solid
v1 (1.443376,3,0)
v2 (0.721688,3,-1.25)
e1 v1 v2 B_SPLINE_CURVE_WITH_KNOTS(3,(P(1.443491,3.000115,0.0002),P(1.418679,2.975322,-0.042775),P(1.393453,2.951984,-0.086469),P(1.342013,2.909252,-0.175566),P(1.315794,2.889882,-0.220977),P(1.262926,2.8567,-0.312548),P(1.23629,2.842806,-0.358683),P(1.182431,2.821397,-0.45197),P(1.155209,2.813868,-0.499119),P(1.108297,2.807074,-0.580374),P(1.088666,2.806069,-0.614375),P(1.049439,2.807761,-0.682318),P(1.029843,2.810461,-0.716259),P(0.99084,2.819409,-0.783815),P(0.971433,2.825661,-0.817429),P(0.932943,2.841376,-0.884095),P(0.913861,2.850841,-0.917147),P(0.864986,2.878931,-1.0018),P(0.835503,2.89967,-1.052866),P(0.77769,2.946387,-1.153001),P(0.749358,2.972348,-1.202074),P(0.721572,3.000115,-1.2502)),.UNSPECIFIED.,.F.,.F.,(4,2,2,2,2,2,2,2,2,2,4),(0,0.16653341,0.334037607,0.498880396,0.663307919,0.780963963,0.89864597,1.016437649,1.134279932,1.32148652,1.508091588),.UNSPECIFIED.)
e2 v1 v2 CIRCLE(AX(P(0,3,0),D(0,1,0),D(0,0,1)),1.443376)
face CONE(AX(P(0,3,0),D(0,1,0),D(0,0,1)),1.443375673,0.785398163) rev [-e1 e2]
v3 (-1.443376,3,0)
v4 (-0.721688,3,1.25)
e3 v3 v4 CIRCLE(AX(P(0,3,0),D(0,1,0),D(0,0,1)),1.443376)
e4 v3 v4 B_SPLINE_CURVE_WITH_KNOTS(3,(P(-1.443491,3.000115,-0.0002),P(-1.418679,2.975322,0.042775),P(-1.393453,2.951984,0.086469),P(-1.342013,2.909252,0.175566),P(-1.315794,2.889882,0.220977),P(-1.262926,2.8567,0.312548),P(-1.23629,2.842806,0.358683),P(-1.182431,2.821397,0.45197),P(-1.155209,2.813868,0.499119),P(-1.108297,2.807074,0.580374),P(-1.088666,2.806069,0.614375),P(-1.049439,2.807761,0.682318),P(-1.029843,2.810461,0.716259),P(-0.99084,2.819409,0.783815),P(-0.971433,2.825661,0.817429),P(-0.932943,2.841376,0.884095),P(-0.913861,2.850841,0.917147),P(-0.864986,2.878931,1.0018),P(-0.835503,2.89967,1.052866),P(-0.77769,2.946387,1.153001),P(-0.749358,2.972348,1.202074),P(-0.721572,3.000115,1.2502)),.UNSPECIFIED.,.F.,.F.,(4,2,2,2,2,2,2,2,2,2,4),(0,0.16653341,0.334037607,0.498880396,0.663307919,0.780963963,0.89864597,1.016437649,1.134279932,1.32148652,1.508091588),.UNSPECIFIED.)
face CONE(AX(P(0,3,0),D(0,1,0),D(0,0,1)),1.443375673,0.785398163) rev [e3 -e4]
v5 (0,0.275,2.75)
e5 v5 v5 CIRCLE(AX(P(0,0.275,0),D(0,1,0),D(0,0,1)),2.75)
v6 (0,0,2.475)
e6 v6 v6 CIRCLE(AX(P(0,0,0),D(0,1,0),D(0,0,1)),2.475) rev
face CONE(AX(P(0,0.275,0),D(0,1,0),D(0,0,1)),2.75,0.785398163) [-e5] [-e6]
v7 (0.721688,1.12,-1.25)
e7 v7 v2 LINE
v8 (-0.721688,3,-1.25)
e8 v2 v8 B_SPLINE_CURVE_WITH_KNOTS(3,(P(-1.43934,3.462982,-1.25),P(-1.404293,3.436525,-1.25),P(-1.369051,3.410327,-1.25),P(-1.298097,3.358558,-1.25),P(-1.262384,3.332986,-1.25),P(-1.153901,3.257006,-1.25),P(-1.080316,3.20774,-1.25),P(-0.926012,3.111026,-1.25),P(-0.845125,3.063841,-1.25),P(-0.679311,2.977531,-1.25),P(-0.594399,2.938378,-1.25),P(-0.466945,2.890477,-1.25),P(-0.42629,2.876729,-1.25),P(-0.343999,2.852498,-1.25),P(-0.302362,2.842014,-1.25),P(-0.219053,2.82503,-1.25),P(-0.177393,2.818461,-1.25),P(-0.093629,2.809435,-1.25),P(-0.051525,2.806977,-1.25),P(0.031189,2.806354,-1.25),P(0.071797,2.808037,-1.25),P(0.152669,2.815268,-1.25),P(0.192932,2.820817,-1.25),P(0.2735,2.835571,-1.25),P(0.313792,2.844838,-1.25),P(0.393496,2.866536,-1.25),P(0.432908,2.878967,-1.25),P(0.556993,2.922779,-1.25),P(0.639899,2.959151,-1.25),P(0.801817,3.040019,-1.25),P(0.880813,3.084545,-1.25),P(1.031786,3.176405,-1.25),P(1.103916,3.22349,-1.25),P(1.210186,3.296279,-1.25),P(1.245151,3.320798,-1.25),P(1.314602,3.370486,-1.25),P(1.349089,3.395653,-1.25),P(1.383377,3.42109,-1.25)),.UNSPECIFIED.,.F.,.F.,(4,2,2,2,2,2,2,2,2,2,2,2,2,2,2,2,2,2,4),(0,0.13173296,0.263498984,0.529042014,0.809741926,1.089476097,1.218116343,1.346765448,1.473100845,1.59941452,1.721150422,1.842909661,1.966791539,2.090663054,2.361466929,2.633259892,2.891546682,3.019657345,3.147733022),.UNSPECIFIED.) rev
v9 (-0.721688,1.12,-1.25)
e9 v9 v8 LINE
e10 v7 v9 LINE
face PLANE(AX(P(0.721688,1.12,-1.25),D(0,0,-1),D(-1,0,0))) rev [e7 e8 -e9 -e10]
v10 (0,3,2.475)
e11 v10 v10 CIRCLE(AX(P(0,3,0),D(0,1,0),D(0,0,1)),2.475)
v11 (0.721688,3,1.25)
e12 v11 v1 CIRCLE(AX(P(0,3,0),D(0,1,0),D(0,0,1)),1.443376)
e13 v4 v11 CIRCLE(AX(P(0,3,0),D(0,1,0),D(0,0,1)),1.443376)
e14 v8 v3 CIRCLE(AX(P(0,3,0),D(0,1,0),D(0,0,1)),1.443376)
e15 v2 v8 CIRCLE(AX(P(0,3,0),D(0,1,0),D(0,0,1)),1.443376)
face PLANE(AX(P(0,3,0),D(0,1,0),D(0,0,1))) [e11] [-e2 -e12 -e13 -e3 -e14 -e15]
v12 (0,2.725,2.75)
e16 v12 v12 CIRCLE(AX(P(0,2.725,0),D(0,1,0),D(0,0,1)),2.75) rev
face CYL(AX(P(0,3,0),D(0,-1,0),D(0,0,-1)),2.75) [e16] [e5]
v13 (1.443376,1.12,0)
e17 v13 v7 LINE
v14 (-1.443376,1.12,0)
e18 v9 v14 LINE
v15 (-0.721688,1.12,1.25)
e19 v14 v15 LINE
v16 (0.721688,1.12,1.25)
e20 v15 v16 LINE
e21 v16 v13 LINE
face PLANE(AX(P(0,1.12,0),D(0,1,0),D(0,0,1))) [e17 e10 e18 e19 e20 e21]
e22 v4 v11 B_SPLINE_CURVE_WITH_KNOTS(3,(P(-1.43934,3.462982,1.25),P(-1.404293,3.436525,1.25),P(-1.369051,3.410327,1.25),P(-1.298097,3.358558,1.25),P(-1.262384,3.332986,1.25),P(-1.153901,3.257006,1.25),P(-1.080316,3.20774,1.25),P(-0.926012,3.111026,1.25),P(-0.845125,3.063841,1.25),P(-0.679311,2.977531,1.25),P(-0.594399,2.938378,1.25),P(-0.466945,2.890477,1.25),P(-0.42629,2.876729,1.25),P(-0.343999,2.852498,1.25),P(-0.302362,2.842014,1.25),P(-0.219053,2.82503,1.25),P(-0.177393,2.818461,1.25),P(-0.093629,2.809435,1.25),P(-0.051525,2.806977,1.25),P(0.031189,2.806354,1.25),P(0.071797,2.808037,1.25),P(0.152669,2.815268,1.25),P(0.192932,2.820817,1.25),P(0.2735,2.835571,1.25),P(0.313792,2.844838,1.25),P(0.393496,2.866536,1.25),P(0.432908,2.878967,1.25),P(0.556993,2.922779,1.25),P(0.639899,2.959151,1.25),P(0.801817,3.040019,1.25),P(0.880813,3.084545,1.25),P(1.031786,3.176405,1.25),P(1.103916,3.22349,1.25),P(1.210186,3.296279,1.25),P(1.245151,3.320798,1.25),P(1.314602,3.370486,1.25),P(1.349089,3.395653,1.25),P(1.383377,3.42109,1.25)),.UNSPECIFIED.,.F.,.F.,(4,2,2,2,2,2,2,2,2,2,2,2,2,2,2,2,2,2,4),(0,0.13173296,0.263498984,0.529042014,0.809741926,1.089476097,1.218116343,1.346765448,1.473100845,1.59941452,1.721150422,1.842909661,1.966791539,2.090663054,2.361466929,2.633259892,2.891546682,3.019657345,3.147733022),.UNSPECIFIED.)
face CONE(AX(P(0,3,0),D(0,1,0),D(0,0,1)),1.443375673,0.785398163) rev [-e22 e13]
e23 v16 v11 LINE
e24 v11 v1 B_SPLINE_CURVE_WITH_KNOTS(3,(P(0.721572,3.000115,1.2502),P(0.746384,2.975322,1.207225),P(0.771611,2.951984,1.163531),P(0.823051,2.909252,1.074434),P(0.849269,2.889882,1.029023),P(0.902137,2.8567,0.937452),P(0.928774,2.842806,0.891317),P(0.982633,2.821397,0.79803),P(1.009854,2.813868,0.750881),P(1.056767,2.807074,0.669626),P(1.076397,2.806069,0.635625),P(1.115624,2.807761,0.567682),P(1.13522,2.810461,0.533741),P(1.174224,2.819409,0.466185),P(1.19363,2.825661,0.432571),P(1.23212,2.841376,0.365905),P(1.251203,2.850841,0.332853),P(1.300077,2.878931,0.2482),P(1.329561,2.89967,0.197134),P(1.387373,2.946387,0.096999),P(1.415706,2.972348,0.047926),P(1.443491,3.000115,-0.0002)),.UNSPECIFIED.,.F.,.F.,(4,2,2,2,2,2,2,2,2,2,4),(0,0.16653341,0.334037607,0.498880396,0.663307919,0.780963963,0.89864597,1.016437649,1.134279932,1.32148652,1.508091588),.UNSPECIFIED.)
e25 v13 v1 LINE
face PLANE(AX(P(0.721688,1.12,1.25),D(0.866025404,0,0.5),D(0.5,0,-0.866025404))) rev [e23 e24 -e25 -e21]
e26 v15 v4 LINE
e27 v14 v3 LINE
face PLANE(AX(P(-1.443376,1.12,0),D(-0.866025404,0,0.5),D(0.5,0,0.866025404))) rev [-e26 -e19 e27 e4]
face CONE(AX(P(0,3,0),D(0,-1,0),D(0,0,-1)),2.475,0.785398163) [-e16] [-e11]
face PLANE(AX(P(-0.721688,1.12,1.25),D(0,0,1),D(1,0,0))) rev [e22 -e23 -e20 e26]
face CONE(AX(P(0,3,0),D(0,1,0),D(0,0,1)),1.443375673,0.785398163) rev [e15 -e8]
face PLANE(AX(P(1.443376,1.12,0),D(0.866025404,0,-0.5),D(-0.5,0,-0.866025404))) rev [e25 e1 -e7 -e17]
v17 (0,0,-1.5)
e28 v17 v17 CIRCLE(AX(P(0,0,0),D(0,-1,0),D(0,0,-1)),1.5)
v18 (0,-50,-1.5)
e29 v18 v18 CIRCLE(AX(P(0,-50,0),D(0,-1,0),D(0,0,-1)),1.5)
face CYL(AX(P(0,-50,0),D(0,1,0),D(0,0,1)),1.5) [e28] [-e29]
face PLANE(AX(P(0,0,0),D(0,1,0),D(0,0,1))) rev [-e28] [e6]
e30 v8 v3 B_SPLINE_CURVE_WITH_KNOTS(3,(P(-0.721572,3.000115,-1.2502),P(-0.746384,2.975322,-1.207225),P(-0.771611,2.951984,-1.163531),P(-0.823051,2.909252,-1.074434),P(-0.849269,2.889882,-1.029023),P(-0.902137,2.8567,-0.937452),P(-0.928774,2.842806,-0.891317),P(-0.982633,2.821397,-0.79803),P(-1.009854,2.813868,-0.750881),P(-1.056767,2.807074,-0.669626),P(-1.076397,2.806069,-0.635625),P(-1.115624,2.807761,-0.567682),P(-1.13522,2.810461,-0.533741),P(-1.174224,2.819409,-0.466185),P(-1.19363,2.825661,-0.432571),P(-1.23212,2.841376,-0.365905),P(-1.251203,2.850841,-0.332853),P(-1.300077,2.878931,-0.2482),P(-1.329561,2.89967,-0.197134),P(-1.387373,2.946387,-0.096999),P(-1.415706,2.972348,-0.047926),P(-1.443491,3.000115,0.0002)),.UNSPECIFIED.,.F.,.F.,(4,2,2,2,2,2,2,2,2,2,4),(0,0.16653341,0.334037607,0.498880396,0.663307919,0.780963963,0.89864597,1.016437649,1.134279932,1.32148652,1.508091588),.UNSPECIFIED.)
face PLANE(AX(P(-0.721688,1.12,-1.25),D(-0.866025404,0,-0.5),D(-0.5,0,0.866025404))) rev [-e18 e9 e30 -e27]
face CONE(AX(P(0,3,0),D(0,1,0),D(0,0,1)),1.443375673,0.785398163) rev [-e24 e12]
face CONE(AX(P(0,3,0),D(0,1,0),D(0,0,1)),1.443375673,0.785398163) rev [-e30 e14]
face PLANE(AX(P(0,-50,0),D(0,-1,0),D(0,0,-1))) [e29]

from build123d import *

# Parameters (mm, degrees)
SKETCH1_R           = 2.75
BOSS_EXTRUDE1_DEPTH = 3
CUT_EXTRUDE1_DEPTH  = 1.88
CHAMFER1_SIZE       = 0.275
SKETCH_1_R          = 1.5
EXTRUDE_1_DEPTH     = 50


with BuildPart() as part:
    # Sketch1 → Boss-Extrude1 (new body)
    with BuildSketch(Plane(origin=(0, 0, 0), x_dir=(1, 0, 0), z_dir=(0, 1, 0))):
        with Locations(Location((0, 0, 0), (0, 0, 270))):
            Circle(SKETCH1_R)
    extrude(amount=BOSS_EXTRUDE1_DEPTH)

    # Sketch2 → Cut-Extrude1 (cut)
    with BuildSketch(Plane(origin=(0, 3, 0), x_dir=(1, 0, 0), z_dir=(0, 1, 0))):
        Polygon((0.721687836, 1.25), (-0.721687836, 1.25), (-1.443375673, 0), (-0.721687836, -1.25), (0.721687836, -1.25), (1.443375673, 0), align=None)
    extrude(amount=-CUT_EXTRUDE1_DEPTH, mode=Mode.SUBTRACT)

    # Cut-Extrude2 cone 1 section (through the dimple's axis) → Cut-Extrude2 (revolve, cut)
    with BuildSketch(Plane(origin=(0, 3, 0), x_dir=(0, 0, 1), z_dir=(1, 0, 0))):
        Polygon((0, 0), (1.443375673, 0), (0, 1.443375673), align=None)
    revolve(axis=Axis((0, 3, 0), (0, -1, 0)), mode=Mode.SUBTRACT)

    # Chamfer1
    chamfer1_edges = [part.edges().sort_by_distance(p)[0] for p in [
        (0, 0, -2.75),
        (0, 3, -2.75),
    ]]
    chamfer(chamfer1_edges, length=CHAMFER1_SIZE)

    # 草图1 → 凸台-拉伸1 (add)
    with BuildSketch(Plane(origin=(0, 0, 0), x_dir=(-1, 0, 0), z_dir=(0, -1, 0))):
        with Locations(Location((0, 0, 0), (0, 0, 90))):
            Circle(SKETCH_1_R)
    extrude(amount=EXTRUDE_1_DEPTH)


solid = part.part
